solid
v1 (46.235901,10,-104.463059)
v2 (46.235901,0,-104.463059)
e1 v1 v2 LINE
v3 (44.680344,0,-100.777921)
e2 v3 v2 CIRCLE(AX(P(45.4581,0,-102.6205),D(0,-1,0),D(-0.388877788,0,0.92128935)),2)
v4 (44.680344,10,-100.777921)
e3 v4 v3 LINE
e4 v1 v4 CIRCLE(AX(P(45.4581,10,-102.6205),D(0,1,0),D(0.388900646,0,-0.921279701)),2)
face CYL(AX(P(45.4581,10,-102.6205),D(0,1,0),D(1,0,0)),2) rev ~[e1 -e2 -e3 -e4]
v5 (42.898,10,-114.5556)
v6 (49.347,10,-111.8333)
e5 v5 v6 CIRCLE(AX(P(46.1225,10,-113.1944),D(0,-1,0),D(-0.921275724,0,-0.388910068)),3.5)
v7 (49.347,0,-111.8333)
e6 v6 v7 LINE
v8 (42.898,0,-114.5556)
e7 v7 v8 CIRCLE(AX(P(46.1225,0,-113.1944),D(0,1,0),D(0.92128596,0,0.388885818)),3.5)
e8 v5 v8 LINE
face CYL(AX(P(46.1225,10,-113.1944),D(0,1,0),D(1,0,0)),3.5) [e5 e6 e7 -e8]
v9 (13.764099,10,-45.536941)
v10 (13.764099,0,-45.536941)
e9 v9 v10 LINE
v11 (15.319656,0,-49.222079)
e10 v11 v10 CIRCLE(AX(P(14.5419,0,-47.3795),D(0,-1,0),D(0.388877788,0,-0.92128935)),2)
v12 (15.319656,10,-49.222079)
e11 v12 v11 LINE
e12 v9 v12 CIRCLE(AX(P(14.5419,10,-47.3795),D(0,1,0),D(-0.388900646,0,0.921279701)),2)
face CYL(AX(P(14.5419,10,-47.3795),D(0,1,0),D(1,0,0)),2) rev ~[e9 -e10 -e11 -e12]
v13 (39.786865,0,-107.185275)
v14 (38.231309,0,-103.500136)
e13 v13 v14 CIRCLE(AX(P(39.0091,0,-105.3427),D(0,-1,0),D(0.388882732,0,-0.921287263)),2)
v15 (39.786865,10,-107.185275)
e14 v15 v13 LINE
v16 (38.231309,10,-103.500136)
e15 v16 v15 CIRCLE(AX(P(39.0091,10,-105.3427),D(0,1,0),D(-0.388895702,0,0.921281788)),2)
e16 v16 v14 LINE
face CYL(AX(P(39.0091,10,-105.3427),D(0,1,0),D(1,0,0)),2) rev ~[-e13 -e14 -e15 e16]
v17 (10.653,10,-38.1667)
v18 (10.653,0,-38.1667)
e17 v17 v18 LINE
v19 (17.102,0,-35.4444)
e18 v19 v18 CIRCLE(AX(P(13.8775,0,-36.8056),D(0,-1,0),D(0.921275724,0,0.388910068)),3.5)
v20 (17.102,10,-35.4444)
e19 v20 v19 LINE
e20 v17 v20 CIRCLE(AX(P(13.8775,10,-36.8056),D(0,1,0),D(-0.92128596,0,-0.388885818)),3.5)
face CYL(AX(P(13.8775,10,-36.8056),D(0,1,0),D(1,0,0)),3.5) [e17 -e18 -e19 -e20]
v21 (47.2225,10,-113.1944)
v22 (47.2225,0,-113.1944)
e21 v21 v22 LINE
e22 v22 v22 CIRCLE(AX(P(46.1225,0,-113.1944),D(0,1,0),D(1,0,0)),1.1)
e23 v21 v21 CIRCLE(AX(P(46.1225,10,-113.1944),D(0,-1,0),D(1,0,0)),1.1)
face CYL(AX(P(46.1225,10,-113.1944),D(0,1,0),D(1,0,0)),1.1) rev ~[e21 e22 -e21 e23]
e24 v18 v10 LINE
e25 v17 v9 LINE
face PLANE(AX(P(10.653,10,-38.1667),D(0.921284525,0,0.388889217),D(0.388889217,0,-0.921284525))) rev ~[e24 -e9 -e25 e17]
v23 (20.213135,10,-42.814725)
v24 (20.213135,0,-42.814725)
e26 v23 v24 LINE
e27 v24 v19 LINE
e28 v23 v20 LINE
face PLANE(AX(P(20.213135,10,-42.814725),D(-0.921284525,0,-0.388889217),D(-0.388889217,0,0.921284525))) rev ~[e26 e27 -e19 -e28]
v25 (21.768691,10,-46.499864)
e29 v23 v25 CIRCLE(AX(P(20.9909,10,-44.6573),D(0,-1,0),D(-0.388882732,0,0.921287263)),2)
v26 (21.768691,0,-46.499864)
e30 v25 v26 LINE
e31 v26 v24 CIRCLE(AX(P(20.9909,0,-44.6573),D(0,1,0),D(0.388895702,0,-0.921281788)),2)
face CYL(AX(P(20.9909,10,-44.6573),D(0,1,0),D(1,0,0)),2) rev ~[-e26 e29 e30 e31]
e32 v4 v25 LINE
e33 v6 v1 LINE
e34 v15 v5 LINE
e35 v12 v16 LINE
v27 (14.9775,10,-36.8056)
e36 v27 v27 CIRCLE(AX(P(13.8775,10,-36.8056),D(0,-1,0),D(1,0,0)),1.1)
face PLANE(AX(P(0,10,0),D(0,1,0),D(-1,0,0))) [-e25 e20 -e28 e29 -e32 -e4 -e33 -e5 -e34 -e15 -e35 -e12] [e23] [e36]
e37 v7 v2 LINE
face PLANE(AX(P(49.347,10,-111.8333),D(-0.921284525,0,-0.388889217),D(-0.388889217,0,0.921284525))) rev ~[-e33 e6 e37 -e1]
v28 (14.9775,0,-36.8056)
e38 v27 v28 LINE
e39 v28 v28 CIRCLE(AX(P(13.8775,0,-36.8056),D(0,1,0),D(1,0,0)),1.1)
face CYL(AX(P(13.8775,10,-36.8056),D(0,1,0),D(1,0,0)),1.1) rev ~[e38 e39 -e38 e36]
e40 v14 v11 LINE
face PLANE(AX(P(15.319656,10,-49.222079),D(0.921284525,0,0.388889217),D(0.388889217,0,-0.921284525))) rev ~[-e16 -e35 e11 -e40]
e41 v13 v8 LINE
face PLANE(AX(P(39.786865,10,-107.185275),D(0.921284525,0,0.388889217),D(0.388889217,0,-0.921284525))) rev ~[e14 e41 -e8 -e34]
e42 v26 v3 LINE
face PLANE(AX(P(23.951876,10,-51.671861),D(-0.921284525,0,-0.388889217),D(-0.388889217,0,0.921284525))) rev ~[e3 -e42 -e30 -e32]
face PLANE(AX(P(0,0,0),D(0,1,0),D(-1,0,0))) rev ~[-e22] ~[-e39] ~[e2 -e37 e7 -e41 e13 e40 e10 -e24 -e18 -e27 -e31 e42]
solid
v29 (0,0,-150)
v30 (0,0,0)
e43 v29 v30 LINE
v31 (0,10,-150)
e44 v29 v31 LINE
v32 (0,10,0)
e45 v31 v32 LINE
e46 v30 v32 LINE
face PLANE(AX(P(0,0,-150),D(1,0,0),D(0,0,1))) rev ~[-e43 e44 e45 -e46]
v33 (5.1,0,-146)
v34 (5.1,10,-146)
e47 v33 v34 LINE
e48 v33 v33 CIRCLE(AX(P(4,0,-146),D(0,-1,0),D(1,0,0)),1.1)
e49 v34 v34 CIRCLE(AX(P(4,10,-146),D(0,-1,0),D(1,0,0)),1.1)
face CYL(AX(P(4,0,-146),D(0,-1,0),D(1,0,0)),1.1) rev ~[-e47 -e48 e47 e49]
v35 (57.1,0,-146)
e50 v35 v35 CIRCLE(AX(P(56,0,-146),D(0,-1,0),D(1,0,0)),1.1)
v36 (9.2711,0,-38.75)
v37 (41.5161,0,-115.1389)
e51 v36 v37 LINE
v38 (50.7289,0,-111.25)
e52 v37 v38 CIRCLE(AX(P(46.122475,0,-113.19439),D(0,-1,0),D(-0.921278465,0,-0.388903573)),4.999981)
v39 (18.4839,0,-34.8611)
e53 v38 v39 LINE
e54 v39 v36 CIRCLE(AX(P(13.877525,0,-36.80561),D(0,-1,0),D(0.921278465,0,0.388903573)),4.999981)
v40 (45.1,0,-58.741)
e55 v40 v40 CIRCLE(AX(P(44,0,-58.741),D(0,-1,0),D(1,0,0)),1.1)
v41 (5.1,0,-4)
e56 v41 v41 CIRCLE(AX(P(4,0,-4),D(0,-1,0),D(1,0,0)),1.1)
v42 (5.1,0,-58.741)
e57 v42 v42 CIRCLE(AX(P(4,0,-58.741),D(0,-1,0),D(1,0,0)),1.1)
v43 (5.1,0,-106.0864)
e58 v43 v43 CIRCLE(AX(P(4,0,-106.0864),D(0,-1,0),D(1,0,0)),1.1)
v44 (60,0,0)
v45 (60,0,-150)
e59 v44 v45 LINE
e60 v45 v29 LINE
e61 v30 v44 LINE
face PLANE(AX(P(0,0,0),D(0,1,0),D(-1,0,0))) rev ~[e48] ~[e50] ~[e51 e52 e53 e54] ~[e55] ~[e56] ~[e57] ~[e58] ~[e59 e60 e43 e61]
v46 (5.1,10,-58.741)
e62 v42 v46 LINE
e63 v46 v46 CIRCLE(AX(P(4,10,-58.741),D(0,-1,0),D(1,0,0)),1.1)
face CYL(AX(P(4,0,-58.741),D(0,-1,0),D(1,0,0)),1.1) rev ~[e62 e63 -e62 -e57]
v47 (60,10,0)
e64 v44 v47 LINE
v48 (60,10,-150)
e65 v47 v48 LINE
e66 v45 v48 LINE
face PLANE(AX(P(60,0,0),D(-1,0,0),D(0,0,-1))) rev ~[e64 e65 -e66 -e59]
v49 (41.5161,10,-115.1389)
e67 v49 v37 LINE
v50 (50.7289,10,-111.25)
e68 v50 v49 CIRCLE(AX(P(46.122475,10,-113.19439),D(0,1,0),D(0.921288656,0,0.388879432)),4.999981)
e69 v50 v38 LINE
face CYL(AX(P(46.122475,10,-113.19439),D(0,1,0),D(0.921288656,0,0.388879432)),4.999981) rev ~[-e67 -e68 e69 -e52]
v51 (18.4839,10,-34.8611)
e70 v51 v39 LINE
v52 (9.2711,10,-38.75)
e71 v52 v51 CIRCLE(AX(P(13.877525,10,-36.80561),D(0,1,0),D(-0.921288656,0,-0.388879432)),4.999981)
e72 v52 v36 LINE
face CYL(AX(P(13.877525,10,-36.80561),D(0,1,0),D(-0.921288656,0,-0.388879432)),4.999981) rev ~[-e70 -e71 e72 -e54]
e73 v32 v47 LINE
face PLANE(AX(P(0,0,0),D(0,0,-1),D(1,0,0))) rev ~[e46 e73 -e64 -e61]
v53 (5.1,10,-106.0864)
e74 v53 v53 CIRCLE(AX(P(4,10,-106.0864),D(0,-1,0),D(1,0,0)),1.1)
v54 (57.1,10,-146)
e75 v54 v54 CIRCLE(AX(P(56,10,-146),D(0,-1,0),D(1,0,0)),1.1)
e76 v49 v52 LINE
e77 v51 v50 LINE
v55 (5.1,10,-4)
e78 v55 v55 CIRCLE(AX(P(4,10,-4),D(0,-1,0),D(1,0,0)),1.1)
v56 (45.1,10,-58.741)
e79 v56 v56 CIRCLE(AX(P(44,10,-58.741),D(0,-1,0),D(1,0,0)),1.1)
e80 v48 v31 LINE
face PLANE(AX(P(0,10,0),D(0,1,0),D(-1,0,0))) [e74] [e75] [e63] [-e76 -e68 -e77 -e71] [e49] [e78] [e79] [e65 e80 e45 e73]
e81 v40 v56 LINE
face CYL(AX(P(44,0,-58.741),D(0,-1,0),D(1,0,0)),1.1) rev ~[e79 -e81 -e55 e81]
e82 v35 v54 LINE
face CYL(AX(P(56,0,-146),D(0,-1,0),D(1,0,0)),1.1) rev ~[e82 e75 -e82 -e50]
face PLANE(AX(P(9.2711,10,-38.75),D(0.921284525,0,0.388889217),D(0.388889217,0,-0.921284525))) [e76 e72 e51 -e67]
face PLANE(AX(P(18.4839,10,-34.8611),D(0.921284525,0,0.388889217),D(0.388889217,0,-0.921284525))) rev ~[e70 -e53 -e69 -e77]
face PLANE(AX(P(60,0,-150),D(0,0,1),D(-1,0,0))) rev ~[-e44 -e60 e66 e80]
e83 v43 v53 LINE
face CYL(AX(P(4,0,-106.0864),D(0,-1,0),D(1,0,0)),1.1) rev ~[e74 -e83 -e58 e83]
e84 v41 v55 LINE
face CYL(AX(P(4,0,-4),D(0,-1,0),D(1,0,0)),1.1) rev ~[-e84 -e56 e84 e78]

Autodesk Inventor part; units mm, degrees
ref_plane "YZ Plane" through (0, 0, 0) normal (1, 0, 0) x (0, 1, 0)
ref_plane "XZ Plane" through (0, 0, 0) normal (0, 1, 0) x (-1, 0, 0)
ref_plane "XY Plane" through (0, 0, 0) normal (0, 0, 1) x (1, 0, 0)
sketch "Sketch1" plane through (0, 0, 0) normal (0, 1, 0) x (-1, 0, 0)
  line L0 (0, 0) -> (-60, 0)
  line L1 (-60, 0) -> (-60, -150)
  line L2 (-60, -150) -> (0, -150)
  line L3 (0, -150) -> (0, 0)
  dimension "d0" = 150
  dimension "d1" = 60
extrude "Extrusion1" add sketch "Sketch1" along normal blind 10
sketch "Sketch2" plane through (0, 0, 0) normal (0, -1, 0) x (1, 0, 0)
  circle A0 centre (4, -146) radius 1.325 projected
  circle A1 centre (56, -146) radius 1.325 projected
  circle A2 centre (4, -4) radius 1.325 projected
  circle A3 centre (4, -58.741) radius 1.325 projected
  circle A4 centre (44, -58.741) radius 1.325 projected
  circle A5 centre (4, -106.0864) radius 1.325 projected
  point P0 (0, 0)
sketch "Sketch3" plane through (0, 0, 0) normal (0, -1, 0) x (1, 0, 0)
  circle A0 centre (4, -146) radius 1.325 projected
  circle A1 centre (4, -146) radius 1.1
  circle A2 centre (56, -146) radius 1.325 projected
  circle A3 centre (56, -146) radius 1.1
  circle A4 centre (4, -106.0864) radius 1.1
  circle A5 centre (4, -58.741) radius 1.1
  circle A6 centre (44, -58.741) radius 1.1
  circle A7 centre (4, -4) radius 1.1
  point P0 (0, 0)
  dimension "d4" = 2.2
  dimension "d5" = 2.2
  dimension "d6" = 2.2
  dimension "d7" = 2.2
  dimension "d8" = 2.2
  dimension "d9" = 2.2
extrude "Extrusion2" cut sketch "Sketch3" against normal blind 10 contours A1 | A3 | A4 | A5 | A6 | A7
thread "Thread1" size "M2.5x0.45" class "6H" standard "ANSI Metric M Profile" length 10
thread "Thread2" size "M2.5x0.45" class "6H" standard "ANSI Metric M Profile" length 10
thread "Thread3" size "M2.5x0.45" class "6H" standard "ANSI Metric M Profile" length 10
thread "Thread4" size "M2.5x0.45" class "6H" standard "ANSI Metric M Profile" length 10
thread "Thread5" size "M2.5x0.45" class "6H" standard "ANSI Metric M Profile" length 10
thread "Thread6" size "M2.5x0.45" class "6H" standard "ANSI Metric M Profile" length 10
sketch "Sketch4" plane through (0, 10, 0) normal (0, 1, 0) x (1, 0, 0)
  circle A0 centre (13.8775, 36.8056) radius 1.1
  circle A1 centre (46.1225, 113.1944) radius 1.1
  arc A2 (36.6332, 8.5) -> (15.5373, 47.236) centre (30, 30) ccw projected
  arc A3 (30.5692, 97.5072) -> (51.5, 113.3668) centre (30, 120) ccw projected
  arc A4 (36.6332, 8.5) -> (15.5373, 47.236) centre (30, 30) ccw projected
  line L0 (9.2711, 38.75) -> (41.5161, 115.1389)
  line L1 (18.4839, 34.8611) -> (50.7289, 111.25)
  arc A5 (9.2711, 38.75) -> (18.4839, 34.8611) centre (13.8775, 36.8056) ccw
  arc A6 (50.7289, 111.25) -> (41.5161, 115.1389) centre (46.1225, 113.1944) ccw
  line L2 (30, 30) -> (22.4986, 30)
  line L3 (30, 120) -> (36.6332, 120)
  line L4 (41.5161, 115.1389) -> (50.7289, 111.25)
  line L5 (9.2711, 38.75) -> (18.4839, 34.8611)
  line L6 (30, 30) -> (13.8775, 36.8056)
  line L7 (46.1225, 113.1944) -> (30, 120)
  line L8 (13.8775, 36.8056) -> (46.1225, 113.1944)
  circle A7 centre (30, 30) radius 17.5
  circle A8 centre (30, 120) radius 17.5
  circle A9 centre (13.8775, 36.8056) radius 3.5
  circle A10 centre (46.1225, 113.1944) radius 3.5
  line L9 (10.653, 38.1667) -> (42.898, 114.5556)
  line L10 (49.347, 111.8333) -> (17.102, 35.4444)
  circle A11 centre (14.5419, 47.3795) radius 2
  line L11 (14.5419, 47.3795) -> (20.9909, 44.6573)
  circle A12 centre (20.9909, 44.6573) radius 2
  circle A13 centre (39.0091, 105.3427) radius 2
  circle A14 centre (45.4581, 102.6205) radius 2
  line L12 (39.0091, 105.3427) -> (45.4581, 102.6205)
  point P0 (0, 0)
  point P1 (45.6947, 112.181)
  point P2 (45.6631, 112.195)
  point P3 (44.4457, 110.1222)
  point P4 (44.7614, 109.9699)
  point P5 (13.7641, 45.5369)
  point P6 (15.3197, 49.2221)
  point P7 (38.2313, 103.5001)
  point P8 (39.7869, 107.1853)
  point P9 (46.2359, 104.4631)
  point P10 (44.6803, 100.7779)
  point P11 (21.7687, 46.4999)
  point P12 (20.2131, 42.8147)
  point P13 (38.1416, 107.1448)
  point P14 (37.4074, 104.145)
  point P15 (36.7532, 103.8555)
  point P16 (40.801, 106.2309)
  point P17 (37.1127, 104.7073)
  point P18 (47.3889, 118.0314)
  point P19 (22.8873, 45.2927)
  point P20 (22.5926, 45.855)
  point P21 (23.2468, 46.1445)
  point P22 (47.1543, 116.5389)
  dimension "d27" = 35
  dimension "d24" = 10
  dimension "d25" = 22.5
  dimension "d26" = 35
  dimension "d28" = 7
  dimension "d29" = 7
  dimension "d30" = 4
  dimension "d31" = 4
  dimension "d32" = 90
  dimension "d33" = 4
  dimension "d34" = 4
  dimension "d35" = 10
  dimension "d36" = 10
  dimension "d39" = 2.2
  dimension "d40" = 2.2
extrude "Extrusion3" cut sketch "Sketch4" against normal blind 10 contours A0 L5 A7 | A7 L8 A0 | A0 A7 L5 | L8 L5 A0 | A7 A0 L5 | L10 A12 L1 L5 | L5 A5 A7 A9 | A12 L11 A7 | A7 L11 L10 A12 | A7 A5 L5 A9 | L10 A7 A12 L1 | L5 L0 A11 L9 | L11 A12 L10 A7 | A7 L10 L11 | A11 L0 L9 | L9 L11 A11 | L11 L9 A11 | L10 A12 A7 | L10 A2 L1 A7 A12 | A12 A7 L1 | L10 A14 L1 A2 | L0 A3 L9 A11 | A14 A3 L12 L10 | L10 A3 A14 L1 | A3 L0 A8 A13 L9 | A14 L12 A3 | L12 A3 L10 | A13 A8 L9 | L9 A8 L12 A13 | L12 A14 L10 A3 | L12 A8 A13 | L0 A13 A8 | A14 A3 L1 | L10 A14 A3 | L9 L12 A8 | A8 A13 L0 L9 | L10 L4 A3 A14 | L8 L4 A1 | A1 A8 L8 | A10 A8 A6 L4 | L12 L9 A13 A8 | A1 L4 A8 | L4 A8 A1 | L4 A1 A8 | L9 A13 L0 L4 | L4 A6 A8 A10
equation "\"d27\" = d26"
equation "\"d31\" = d30"
equation "\"d33\" = d30"
equation "\"d34\" = d30"
properties part number "FlexK7Holder"
